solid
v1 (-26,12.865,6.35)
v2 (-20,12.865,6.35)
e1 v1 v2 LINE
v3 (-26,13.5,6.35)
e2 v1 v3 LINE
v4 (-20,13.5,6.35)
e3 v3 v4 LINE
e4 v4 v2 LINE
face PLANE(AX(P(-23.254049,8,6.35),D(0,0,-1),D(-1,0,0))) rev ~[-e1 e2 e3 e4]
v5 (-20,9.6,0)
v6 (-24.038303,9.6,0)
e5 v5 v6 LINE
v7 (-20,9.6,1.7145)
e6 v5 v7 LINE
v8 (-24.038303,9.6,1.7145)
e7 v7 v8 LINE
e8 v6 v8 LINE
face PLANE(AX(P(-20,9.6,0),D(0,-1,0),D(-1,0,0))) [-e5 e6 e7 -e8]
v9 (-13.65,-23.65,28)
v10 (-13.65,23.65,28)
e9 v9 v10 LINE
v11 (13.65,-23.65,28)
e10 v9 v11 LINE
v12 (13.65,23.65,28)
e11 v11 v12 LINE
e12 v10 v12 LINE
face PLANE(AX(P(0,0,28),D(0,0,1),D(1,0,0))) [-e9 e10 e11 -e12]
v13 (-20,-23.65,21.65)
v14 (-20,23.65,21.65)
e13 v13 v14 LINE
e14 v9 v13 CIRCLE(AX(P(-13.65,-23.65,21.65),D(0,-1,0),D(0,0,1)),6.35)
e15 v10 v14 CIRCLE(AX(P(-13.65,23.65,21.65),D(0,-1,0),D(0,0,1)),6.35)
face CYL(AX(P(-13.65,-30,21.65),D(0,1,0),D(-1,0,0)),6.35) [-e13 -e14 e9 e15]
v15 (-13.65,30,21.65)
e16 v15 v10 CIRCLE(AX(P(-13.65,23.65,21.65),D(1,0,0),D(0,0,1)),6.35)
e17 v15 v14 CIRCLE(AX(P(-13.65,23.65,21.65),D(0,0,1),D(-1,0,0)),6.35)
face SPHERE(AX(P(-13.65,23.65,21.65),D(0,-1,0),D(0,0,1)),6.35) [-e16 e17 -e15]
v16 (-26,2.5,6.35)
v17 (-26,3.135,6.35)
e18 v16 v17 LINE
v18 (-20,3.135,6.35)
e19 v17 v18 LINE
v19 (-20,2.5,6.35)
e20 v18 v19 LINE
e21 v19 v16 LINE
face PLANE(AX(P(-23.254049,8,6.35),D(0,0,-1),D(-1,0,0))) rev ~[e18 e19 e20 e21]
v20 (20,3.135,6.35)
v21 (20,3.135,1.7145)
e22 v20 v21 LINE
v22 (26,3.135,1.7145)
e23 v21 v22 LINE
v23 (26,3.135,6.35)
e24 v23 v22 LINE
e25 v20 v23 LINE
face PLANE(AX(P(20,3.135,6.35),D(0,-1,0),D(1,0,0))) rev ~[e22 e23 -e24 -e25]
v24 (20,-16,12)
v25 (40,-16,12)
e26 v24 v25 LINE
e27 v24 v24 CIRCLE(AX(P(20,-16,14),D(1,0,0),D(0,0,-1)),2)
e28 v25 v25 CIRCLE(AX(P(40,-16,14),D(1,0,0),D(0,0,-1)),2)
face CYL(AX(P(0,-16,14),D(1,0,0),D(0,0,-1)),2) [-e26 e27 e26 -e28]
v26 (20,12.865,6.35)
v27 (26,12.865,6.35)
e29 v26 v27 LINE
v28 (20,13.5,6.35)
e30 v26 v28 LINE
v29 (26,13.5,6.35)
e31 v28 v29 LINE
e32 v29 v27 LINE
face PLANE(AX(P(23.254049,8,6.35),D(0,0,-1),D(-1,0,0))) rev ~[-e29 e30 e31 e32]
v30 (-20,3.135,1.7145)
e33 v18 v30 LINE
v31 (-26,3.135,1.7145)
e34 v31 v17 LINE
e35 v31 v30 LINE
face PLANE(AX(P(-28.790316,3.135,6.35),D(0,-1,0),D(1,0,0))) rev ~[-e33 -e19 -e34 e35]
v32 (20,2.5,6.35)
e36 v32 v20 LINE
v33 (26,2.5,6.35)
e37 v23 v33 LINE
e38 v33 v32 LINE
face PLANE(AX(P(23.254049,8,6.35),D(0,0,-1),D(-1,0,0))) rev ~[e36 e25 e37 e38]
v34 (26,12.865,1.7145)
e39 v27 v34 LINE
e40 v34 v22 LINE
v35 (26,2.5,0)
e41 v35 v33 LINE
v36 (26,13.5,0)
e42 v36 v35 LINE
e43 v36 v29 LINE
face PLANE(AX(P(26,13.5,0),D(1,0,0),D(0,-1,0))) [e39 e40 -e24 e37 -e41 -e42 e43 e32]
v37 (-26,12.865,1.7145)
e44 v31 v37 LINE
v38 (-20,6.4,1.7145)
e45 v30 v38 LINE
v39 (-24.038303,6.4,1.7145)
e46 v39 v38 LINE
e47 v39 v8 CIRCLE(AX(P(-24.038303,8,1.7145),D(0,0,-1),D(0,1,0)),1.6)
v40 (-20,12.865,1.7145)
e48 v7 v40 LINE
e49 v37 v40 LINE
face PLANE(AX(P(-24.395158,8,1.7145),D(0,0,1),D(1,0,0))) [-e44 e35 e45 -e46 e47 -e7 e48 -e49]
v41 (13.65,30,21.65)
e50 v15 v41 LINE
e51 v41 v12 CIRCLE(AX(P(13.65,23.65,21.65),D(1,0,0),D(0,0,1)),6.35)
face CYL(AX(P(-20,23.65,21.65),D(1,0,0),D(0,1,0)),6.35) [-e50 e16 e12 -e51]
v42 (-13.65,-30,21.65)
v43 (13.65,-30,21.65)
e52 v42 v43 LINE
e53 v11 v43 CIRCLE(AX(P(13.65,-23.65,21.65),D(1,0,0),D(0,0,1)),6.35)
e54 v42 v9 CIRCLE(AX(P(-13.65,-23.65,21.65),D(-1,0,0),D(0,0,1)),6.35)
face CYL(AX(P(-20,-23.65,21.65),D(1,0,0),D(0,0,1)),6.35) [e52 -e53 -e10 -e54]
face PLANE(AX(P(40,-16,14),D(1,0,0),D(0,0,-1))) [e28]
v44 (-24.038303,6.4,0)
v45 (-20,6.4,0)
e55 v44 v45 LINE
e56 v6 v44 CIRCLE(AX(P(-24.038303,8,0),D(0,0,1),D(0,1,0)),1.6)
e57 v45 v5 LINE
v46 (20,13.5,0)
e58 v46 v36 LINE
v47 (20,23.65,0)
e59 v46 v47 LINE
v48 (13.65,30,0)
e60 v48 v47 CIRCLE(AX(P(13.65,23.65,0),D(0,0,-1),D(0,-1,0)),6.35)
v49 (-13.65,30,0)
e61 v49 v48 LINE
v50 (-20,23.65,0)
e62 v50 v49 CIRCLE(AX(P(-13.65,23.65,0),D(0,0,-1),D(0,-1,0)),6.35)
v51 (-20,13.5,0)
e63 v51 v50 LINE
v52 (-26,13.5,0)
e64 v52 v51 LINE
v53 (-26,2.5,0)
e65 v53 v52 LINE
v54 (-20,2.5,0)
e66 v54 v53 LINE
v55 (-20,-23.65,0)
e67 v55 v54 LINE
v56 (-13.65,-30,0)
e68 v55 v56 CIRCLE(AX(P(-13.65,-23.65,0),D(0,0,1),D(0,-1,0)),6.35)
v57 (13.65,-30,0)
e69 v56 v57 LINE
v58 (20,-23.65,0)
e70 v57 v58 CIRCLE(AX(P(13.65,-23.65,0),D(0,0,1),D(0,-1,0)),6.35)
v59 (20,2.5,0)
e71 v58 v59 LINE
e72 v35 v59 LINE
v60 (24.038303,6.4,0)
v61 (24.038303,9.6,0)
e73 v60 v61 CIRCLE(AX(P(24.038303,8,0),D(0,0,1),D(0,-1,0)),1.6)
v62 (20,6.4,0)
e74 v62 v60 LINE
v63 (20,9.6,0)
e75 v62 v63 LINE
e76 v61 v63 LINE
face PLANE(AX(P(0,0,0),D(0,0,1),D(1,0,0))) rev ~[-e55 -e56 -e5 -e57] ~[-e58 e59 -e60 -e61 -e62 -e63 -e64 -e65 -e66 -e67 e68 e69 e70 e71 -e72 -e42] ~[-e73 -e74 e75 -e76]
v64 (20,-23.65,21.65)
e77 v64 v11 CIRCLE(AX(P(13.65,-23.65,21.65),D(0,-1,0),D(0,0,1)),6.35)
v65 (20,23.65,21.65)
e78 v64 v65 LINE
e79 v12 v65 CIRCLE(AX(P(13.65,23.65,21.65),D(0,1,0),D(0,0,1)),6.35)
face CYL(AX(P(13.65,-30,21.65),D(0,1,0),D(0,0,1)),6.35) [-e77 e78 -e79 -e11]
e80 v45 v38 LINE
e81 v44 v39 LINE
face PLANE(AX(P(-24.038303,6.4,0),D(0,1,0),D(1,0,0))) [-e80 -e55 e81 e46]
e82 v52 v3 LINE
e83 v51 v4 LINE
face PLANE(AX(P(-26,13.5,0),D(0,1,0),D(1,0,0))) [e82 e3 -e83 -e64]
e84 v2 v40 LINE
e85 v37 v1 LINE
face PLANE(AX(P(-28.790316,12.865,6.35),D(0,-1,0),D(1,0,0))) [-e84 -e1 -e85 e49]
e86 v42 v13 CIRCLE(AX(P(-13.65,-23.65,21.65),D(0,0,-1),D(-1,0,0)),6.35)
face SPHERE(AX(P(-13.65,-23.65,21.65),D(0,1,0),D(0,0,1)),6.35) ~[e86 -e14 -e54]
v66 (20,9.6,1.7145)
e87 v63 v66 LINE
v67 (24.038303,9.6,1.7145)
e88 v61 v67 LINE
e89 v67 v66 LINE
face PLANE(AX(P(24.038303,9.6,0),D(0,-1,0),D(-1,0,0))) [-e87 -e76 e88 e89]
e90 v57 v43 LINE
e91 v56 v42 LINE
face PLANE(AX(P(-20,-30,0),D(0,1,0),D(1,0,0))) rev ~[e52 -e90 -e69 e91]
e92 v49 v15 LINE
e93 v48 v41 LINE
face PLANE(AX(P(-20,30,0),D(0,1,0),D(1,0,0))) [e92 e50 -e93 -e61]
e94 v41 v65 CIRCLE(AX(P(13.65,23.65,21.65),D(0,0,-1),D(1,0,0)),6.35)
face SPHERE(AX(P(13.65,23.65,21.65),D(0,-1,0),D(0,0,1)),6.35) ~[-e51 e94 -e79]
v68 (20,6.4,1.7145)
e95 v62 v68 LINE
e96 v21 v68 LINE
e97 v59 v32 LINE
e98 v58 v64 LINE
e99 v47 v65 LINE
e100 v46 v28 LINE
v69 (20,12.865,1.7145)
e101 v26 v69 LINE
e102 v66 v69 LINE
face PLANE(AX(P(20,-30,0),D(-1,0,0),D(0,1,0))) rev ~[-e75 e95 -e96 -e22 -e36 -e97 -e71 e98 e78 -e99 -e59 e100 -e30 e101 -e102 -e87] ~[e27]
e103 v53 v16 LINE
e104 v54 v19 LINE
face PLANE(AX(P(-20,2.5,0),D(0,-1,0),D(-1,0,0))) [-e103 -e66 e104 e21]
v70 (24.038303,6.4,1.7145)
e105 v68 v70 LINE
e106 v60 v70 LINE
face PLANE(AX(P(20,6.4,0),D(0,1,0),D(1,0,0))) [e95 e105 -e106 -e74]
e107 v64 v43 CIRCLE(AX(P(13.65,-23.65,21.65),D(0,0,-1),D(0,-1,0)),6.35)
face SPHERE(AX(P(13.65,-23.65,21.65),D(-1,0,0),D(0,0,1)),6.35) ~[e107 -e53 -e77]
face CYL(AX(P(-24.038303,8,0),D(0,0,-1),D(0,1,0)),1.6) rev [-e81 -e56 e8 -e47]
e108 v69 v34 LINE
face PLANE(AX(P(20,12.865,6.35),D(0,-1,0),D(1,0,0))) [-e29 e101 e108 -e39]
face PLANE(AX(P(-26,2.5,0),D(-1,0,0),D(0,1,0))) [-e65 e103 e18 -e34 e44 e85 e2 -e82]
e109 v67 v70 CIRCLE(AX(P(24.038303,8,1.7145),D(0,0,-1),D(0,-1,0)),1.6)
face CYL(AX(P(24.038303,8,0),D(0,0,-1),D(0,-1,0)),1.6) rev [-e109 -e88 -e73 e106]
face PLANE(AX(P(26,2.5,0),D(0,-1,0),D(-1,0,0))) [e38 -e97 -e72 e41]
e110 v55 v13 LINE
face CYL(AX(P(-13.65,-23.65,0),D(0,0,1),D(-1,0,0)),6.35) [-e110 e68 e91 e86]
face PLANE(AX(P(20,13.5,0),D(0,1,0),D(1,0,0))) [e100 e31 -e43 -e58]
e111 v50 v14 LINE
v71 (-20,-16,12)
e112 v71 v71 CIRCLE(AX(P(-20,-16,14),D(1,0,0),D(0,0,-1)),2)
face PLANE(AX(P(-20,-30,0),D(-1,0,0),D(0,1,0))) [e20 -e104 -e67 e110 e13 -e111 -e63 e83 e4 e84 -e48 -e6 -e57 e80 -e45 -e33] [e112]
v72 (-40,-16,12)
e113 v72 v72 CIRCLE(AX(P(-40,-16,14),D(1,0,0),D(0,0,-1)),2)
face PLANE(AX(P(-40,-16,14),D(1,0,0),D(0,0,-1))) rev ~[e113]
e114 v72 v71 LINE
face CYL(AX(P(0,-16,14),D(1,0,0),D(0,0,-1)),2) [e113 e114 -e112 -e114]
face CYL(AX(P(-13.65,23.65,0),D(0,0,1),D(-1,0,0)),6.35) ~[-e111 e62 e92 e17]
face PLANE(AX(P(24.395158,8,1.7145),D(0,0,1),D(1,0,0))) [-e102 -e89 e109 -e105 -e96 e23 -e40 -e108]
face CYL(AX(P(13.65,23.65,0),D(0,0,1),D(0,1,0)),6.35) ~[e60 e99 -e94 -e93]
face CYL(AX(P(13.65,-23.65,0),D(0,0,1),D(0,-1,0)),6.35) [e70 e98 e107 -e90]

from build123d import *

# Parameters (mm, degrees)
SKETCH1_W           = 40
SKETCH1_H           = 60
BOSS_EXTRUDE1_DEPTH = 28
BOSS_EXTRUDE2_DEPTH = 6.35
FILLET1_R           = 6.35
SKETCH4_W           = 8.790315594
SKETCH4_H           = 9.73
CUT_EXTRUDE1_DEPTH  = 4.6355
SKETCH5_R           = 2
BOSS_EXTRUDE3_DEPTH = 40


with BuildPart() as part:
    # Sketch1 → Boss-Extrude1 (new body)
    with BuildSketch(Plane.XY):
        Rectangle(SKETCH1_W, SKETCH1_H)
    extrude(amount=BOSS_EXTRUDE1_DEPTH)

    # Sketch2 → Boss-Extrude2 (add)
    with BuildSketch(Plane(origin=(0, 0, 0), x_dir=(-1, 0, 0), z_dir=(0, 0, -1))):
        with BuildLine():
            Line((-20, 9.6), (-20, 13.5))
            Line((-20, 13.5), (-26, 13.5))
            Line((-26, 13.5), (-26, 2.5))
            Line((-26, 2.5), (-20, 2.5))
            Line((-20, 2.5), (-20, 6.4))
            Line((-20, 6.4), (-24.038303444, 6.4))
            ThreePointArc((-24.038303444, 6.4), (-25.638303444, 8), (-24.038303444, 9.6))
            Line((-24.038303444, 9.6), (-20, 9.6))
        make_face()
        with BuildLine():
            Line((24.038303444, 6.4), (20, 6.4))
            Line((20, 6.4), (20, 2.5))
            Line((20, 2.5), (26, 2.5))
            Line((26, 2.5), (26, 13.5))
            Line((26, 13.5), (20, 13.5))
            Line((20, 13.5), (20, 9.6))
            Line((20, 9.6), (24.038303444, 9.6))
            ThreePointArc((24.038303444, 9.6), (25.638303444, 8), (24.038303444, 6.4))
        make_face()
    extrude(amount=-BOSS_EXTRUDE2_DEPTH)

    # Fillet1
    fillet1_edges = [part.edges().sort_by_distance(p)[0] for p in [
        (-20, 0, 28),
        (0, -30, 28),
        (20, 0, 28),
        (0, 30, 28),
        (20, -30, 14),
        (-20, -30, 14),
        (-20, 30, 14),
        (20, 30, 14),
    ]]
    fillet(fillet1_edges, radius=FILLET1_R)

    # Sketch4 → Cut-Extrude1 (cut)
    with BuildSketch(Plane.XY.offset(6.35)):
        with Locations((-24.395157797, 8)):
            Rectangle(SKETCH4_W, SKETCH4_H)
        with Locations((24.395157797, 8)):
            Rectangle(SKETCH4_W, SKETCH4_H)
    extrude(amount=-CUT_EXTRUDE1_DEPTH, mode=Mode.SUBTRACT)

    # Sketch5 → Boss-Extrude3 (add, symmetric)
    with BuildSketch(Plane(origin=(0, 0, 0), x_dir=(0, 0, -1), z_dir=(1, 0, 0))):
        with Locations((-14, -16)):
            Circle(SKETCH5_R)
    extrude(amount=BOSS_EXTRUDE3_DEPTH, both=True)


solid = part.part
